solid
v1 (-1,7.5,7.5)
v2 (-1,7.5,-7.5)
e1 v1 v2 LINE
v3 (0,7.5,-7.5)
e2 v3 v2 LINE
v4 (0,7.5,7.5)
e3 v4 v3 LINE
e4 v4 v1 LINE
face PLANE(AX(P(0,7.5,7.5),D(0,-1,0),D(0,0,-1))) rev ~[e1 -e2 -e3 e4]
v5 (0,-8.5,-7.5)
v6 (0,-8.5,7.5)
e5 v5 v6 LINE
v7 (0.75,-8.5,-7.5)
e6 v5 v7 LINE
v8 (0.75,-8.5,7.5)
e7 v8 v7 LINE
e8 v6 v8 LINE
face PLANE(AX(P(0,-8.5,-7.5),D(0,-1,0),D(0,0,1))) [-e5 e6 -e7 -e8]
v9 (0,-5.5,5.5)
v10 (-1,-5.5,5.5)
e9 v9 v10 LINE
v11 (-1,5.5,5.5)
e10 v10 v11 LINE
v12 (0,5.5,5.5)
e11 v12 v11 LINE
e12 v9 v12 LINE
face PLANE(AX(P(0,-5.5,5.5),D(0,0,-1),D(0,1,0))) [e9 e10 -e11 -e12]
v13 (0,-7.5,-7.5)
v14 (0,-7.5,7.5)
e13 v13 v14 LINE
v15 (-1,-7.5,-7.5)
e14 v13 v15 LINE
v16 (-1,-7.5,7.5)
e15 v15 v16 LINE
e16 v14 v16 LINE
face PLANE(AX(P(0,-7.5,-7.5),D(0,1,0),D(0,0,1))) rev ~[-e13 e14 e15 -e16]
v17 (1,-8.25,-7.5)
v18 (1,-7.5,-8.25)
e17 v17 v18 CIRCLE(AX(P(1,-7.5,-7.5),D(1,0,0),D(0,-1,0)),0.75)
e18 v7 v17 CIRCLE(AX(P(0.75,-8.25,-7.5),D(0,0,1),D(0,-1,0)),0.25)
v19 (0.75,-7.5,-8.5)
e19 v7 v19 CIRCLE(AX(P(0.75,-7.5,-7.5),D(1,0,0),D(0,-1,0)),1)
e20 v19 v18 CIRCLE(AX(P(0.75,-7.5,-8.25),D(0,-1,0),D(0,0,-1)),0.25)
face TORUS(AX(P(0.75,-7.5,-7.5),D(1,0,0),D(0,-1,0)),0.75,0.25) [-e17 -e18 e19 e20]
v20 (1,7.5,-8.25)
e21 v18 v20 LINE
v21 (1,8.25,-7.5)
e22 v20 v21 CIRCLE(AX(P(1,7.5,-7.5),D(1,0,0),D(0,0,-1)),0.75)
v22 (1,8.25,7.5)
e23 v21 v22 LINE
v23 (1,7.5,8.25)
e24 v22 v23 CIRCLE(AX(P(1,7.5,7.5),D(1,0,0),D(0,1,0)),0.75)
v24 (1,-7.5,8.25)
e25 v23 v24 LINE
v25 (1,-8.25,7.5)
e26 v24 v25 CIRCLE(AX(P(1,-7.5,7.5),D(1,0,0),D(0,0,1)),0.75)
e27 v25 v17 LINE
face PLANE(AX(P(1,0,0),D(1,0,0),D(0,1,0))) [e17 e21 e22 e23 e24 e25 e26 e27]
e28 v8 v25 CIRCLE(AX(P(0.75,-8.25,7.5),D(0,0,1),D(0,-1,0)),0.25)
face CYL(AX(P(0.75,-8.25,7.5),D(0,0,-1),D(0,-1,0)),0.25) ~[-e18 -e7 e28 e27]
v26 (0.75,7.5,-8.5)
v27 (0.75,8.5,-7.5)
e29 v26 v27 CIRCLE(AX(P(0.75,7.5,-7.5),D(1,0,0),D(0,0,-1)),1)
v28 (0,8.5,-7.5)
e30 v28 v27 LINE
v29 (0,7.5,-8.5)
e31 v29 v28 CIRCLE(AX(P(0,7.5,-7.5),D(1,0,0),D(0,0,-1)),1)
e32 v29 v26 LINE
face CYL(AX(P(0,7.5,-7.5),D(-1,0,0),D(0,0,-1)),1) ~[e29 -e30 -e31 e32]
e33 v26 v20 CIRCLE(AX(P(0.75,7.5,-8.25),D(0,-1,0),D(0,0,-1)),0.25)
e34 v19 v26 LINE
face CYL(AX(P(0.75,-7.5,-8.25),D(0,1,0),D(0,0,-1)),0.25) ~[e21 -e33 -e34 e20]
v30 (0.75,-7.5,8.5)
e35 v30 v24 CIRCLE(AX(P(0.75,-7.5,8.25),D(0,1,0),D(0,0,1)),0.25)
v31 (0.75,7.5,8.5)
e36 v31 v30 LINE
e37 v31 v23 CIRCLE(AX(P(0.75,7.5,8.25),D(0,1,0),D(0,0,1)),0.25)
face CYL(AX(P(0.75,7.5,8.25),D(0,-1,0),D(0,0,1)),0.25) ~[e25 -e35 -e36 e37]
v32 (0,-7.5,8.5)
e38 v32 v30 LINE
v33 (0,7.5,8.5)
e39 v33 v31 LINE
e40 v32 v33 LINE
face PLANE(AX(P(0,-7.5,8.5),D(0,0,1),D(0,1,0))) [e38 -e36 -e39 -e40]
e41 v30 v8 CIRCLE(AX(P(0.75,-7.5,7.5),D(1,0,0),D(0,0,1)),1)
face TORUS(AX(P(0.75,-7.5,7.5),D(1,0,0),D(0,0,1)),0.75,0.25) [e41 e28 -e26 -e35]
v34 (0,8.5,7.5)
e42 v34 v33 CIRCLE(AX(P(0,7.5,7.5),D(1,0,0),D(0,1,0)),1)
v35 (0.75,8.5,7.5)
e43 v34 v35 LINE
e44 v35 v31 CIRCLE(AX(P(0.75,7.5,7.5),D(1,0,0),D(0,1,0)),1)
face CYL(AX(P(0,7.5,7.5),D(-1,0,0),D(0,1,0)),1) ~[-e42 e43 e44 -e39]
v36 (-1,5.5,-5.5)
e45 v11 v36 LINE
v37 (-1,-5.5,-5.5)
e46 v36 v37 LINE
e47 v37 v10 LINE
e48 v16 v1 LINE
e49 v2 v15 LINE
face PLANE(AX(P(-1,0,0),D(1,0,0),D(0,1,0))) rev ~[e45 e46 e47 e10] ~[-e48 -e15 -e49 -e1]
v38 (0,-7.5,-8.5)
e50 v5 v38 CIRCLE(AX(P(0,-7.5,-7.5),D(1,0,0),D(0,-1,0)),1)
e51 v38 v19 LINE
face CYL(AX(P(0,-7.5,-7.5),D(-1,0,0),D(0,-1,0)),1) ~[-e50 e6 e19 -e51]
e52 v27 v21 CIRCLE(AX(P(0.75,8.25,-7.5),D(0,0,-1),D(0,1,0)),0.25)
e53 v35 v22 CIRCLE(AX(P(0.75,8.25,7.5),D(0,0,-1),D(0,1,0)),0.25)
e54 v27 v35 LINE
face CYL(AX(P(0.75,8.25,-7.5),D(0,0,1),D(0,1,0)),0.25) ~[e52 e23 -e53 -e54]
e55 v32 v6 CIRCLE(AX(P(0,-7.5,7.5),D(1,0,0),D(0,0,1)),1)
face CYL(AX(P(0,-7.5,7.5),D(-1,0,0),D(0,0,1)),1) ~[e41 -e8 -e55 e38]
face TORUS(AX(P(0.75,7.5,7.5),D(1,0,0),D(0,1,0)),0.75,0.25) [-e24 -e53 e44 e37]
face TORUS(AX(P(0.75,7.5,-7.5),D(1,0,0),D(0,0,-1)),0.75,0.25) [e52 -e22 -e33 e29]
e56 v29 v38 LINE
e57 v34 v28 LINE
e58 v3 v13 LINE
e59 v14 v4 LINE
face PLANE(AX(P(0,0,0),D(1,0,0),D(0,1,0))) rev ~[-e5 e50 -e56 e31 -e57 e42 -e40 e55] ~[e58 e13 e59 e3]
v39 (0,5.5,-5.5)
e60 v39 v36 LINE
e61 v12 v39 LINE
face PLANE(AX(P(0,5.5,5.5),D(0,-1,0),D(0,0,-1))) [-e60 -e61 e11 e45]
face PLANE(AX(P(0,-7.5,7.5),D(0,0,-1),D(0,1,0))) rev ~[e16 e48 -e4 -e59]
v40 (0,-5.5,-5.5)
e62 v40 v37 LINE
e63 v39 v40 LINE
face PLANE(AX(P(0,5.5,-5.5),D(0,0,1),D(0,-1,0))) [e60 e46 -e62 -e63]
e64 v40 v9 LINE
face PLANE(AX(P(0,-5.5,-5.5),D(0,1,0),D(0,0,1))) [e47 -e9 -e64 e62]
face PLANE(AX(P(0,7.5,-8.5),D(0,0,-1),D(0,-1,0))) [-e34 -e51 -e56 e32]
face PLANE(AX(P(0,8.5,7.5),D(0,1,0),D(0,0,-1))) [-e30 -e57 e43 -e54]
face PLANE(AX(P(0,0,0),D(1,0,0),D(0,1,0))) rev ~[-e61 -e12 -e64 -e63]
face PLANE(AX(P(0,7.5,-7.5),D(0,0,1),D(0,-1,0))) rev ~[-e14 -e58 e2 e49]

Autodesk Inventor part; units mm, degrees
ref_plane "YZ Plane" through (0, 0, 0) normal (1, 0, 0) x (0, 1, 0)
ref_plane "XZ Plane" through (0, 0, 0) normal (0, 1, 0) x (-1, 0, 0)
ref_plane "XY Plane" through (0, 0, 0) normal (0, 0, 1) x (1, 0, 0)
sketch "Sketch1" plane through (0, 0, 0) normal (1, 0, 0) x (0, 1, 0)
  line L0 (-7.5, 8.5) -> (7.5, 8.5)
  line L1 (8.5, 7.5) -> (8.5, -7.5)
  line L2 (7.5, -8.5) -> (-7.5, -8.5)
  line L3 (-8.5, -7.5) -> (-8.5, 7.5)
  line L4 (-8.5, 8.5) -> (8.5, -8.5) construction
  line L5 (8.5, 8.5) -> (-8.5, -8.5) construction
  line L6 (-7.5, 7.5) -> (7.5, 7.5)
  line L7 (7.5, 7.5) -> (7.5, -7.5)
  line L8 (7.5, -7.5) -> (-7.5, -7.5)
  line L9 (-7.5, -7.5) -> (-7.5, 7.5)
  line L10 (-7.5, 7.5) -> (7.5, -7.5) construction
  line L11 (7.5, 7.5) -> (-7.5, -7.5) construction
  line L12 (-5.5, 5.5) -> (5.5, 5.5)
  line L13 (5.5, 5.5) -> (5.5, -5.5)
  line L14 (5.5, -5.5) -> (-5.5, -5.5)
  line L15 (-5.5, -5.5) -> (-5.5, 5.5)
  line L16 (-5.5, 5.5) -> (5.5, -5.5) construction
  line L17 (5.5, 5.5) -> (-5.5, -5.5) construction
  arc A0 (8.5, 7.5) -> (7.5, 8.5) centre (7.5, 7.5) ccw
  arc A1 (-7.5, 8.5) -> (-8.5, 7.5) centre (-7.5, 7.5) ccw
  arc A2 (-8.5, -7.5) -> (-7.5, -8.5) centre (-7.5, -7.5) ccw
  arc A3 (7.5, -8.5) -> (8.5, -7.5) centre (7.5, -7.5) ccw
  point P0 (0, 0)
  dimension "d0" = 17
  dimension "d1" = 17
  dimension "d2" = 15
  dimension "d3" = 15
  dimension "d4" = 11
  dimension "d5" = 11
  dimension "d12" = 1
extrude "Extrusion3" add sketch "Sketch1" along normal blind 1 contours L0 A0 L1 A3 L2 A2 L3 A1 | L6 L7 L8 L9 | L12 L13 L14 L15
extrude "Extrusion4" add sketch "Sketch1" against normal blind 1 contours L6 L7 L8 L9
fillet "Fillet3" radius 0.25 8 edges at (1, 8.2071, 8.2071) (1, 0, 8.5) (1, -8.2071, 8.2071) (1, -8.5, 0) (1, -8.2071, -8.2071) (1, 0, -8.5) (1, 8.2071, -8.2071) (1, 8.5, 0)
properties part number "cube-inlay-red"
